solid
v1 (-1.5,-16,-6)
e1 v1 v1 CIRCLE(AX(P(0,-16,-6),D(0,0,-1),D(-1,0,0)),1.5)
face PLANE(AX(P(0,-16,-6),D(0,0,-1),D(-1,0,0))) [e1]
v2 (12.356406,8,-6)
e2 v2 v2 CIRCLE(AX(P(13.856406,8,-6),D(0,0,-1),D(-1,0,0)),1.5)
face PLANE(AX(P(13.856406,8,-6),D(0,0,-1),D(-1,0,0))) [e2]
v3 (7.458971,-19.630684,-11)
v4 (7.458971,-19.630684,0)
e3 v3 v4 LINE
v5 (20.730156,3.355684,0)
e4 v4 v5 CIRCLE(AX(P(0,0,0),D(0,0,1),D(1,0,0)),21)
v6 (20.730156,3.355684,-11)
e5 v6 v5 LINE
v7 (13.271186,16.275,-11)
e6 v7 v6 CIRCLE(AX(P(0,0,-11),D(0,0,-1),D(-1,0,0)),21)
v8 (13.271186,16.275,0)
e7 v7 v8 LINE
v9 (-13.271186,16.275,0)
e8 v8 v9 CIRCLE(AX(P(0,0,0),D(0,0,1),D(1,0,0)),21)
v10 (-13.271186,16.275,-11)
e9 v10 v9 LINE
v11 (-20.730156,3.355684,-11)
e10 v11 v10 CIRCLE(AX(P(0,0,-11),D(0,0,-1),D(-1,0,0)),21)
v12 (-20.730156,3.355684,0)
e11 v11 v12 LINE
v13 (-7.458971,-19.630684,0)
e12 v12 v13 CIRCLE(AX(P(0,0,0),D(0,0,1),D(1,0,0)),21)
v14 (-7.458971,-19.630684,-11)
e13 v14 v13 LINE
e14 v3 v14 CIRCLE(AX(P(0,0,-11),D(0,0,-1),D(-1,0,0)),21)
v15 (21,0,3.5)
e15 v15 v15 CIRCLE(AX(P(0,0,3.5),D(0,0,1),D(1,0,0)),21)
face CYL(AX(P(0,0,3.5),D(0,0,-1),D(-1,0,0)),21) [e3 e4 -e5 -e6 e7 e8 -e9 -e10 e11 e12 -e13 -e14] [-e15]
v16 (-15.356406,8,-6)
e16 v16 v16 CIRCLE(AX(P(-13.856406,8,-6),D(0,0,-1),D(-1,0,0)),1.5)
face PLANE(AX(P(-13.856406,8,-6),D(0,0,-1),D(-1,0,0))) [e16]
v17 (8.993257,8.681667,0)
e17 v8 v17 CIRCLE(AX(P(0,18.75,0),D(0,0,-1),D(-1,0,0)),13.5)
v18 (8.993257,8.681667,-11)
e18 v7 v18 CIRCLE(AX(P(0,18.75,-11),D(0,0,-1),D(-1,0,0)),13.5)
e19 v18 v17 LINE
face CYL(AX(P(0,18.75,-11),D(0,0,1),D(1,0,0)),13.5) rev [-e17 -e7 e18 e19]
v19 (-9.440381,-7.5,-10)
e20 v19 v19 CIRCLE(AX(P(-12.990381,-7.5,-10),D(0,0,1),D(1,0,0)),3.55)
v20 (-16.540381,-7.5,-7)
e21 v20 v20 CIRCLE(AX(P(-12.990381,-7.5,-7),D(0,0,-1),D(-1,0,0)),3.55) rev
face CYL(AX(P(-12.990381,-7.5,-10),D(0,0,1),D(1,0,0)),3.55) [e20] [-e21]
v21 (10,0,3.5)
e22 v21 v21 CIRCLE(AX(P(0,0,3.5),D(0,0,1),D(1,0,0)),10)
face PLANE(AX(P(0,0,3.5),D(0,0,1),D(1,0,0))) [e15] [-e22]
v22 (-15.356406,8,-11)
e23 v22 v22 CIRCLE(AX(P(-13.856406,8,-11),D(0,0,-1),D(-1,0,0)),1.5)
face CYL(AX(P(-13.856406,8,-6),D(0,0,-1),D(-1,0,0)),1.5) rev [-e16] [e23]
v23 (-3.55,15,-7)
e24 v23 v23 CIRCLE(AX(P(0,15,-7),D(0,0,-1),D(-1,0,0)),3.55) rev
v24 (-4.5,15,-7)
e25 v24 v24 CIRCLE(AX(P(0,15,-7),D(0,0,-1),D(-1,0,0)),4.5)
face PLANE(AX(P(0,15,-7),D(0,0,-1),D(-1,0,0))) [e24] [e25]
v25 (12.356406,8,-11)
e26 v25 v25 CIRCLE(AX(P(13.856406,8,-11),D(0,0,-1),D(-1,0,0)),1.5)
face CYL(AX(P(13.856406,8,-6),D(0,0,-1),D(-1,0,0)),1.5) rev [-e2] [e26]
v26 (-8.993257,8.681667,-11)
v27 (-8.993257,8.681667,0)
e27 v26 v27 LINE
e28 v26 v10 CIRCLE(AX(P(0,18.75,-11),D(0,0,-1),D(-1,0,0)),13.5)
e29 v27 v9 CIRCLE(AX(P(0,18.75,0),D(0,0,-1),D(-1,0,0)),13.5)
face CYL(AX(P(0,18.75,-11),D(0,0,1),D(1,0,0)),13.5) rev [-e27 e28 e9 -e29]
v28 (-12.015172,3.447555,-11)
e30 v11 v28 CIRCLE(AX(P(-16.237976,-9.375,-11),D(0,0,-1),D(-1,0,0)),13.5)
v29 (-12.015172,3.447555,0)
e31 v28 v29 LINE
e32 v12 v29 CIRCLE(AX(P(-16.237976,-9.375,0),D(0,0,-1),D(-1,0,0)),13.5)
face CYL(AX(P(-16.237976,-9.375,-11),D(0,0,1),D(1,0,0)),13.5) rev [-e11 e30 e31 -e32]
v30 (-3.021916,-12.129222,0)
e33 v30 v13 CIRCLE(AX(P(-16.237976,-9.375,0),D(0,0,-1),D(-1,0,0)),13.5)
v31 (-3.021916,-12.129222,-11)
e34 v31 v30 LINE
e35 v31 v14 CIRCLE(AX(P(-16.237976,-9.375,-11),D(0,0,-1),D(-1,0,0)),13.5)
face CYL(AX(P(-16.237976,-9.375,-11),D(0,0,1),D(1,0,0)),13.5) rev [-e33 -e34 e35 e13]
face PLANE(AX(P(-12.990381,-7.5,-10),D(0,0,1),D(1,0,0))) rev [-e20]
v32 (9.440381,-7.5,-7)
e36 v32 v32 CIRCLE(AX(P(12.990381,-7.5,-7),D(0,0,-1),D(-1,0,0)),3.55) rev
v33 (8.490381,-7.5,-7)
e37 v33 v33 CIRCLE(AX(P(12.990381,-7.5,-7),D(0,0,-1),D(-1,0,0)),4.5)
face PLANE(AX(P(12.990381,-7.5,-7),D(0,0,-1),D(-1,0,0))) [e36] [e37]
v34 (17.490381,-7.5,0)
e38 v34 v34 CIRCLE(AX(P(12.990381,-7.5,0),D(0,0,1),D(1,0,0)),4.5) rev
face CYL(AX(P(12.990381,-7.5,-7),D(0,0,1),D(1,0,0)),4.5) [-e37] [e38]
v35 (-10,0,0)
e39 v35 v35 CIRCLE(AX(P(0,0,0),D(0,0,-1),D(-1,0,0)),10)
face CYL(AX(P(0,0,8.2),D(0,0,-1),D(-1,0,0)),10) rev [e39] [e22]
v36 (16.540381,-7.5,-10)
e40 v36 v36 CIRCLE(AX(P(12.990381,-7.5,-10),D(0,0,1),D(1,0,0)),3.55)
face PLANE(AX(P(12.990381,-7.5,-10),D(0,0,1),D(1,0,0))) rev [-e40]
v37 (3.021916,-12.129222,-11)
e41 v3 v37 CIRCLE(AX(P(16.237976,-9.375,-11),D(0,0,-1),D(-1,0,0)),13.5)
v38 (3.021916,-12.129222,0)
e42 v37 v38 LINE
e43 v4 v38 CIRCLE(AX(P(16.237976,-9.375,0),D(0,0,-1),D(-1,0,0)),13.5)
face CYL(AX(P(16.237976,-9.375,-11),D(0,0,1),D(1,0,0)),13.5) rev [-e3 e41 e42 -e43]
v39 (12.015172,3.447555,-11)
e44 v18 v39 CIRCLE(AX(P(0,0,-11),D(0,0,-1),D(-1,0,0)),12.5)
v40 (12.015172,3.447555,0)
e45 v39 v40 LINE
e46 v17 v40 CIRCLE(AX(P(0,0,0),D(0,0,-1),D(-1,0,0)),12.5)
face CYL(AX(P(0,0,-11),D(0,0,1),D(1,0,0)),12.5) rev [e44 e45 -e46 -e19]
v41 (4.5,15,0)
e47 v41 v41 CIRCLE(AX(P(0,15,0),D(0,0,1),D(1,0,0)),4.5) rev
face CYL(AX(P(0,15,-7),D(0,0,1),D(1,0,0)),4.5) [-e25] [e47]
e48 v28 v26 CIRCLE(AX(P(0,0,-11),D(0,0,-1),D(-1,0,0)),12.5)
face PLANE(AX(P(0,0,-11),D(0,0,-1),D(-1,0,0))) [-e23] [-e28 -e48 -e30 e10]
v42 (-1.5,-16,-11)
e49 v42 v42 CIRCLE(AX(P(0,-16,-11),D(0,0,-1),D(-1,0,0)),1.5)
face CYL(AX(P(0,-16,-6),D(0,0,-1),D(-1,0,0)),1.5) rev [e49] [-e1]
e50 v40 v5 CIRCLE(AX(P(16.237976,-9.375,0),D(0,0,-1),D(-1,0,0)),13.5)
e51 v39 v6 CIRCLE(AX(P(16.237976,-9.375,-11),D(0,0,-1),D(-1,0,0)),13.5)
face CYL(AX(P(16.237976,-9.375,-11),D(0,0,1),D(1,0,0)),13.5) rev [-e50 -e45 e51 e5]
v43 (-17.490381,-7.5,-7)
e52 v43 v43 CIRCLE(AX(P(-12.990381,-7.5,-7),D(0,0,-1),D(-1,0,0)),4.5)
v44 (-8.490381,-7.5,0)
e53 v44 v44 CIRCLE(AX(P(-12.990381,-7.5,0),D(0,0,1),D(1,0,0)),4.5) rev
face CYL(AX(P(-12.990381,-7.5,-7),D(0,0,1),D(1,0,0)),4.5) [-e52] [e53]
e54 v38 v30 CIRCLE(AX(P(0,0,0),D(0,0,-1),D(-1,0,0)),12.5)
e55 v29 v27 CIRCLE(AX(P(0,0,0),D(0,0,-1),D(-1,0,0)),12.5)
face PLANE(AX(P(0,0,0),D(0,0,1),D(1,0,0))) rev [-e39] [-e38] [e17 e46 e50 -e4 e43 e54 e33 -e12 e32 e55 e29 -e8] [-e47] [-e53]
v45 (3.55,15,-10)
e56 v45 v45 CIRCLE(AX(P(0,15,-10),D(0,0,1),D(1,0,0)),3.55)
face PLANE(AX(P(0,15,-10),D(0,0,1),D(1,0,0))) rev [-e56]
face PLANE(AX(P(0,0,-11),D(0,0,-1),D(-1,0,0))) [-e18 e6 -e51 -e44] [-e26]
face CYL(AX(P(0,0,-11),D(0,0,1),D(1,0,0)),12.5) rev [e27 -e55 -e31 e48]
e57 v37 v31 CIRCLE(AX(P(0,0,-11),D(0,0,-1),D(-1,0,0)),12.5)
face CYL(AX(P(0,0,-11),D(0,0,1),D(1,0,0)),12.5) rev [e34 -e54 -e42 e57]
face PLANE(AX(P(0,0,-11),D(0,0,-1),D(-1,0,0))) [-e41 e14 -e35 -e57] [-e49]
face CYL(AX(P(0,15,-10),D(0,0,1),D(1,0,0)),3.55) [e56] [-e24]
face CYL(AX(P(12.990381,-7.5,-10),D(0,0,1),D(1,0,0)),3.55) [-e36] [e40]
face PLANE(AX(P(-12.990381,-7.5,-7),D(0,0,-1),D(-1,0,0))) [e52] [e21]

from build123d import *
from build123d.topology import SkipClean

# Parameters (mm, degrees)
SKETCH1_R           = 21
BOSS_EXTRUDE1_DEPTH = 3.5
SKETCH4_R           = 10
CUT_EXTRUDE1_DEPTH  = 8.2
SKETCH11_R          = 1.5
CUT_EXTRUDE2_DEPTH  = 10
BOSS_EXTRUDE2_START = 11
BOSS_EXTRUDE2_DEPTH = 11
SKETCH14_R          = 1.5
CUT_EXTRUDE3_DEPTH  = 5
SKETCH16_R          = 3.55
BOSS_EXTRUDE3_DEPTH = 13.5
SKETCH17_R          = 4.5
BOSS_EXTRUDE4_DEPTH = 7


with BuildPart() as part:
    # Sketch1 → Boss-Extrude1 (new body)
    with BuildSketch(Plane.XY):
        Circle(SKETCH1_R)
    extrude(amount=BOSS_EXTRUDE1_DEPTH)

    # Sketch4 → Cut-Extrude1 (cut)
    with BuildSketch(Plane(origin=(0, 0, 0), x_dir=(-1, 0, 0), z_dir=(0, 0, -1))):
        Circle(SKETCH4_R)
    extrude(amount=-CUT_EXTRUDE1_DEPTH, mode=Mode.SUBTRACT)

    # Sketch11 → Cut-Extrude2 (cut)
    with BuildSketch(Plane(origin=(0, 0, 0), x_dir=(-1, 0, 0), z_dir=(0, 0, -1))):
        with Locations((0, 15)):
            Circle(SKETCH11_R)
        with Locations((12.990381057, -7.5)):
            Circle(SKETCH11_R)
        with Locations((-12.990381057, -7.5)):
            Circle(SKETCH11_R)
    extrude(amount=-CUT_EXTRUDE2_DEPTH, mode=Mode.SUBTRACT)

    # Sketch3 → Boss-Extrude2 (add)
    with SkipClean():  # the faces are left unmerged after this step: merging them gives an invalid solid
        with BuildSketch(Plane(origin=(0, 0, 0), x_dir=(-1, 0, 0), z_dir=(0, 0, -1)).offset(BOSS_EXTRUDE2_START)):
            with BuildLine():
                ThreePointArc((-3.021915591, -12.129221993), (-4.618435811, -16.247865366), (-7.4589705, -19.630684121))
                ThreePointArc((-7.4589705, -19.630684121), (0, -21), (7.4589705, -19.630684121))
                ThreePointArc((7.4589705, -19.630684121), (4.618435811, -16.247865366), (3.021915591, -12.129221993))
                ThreePointArc((3.021915591, -12.129221993), (0, -12.5), (-3.021915591, -12.129221993))
            make_face()
            with BuildLine():
                ThreePointArc((-20.730156393, 3.355684121), (-16.38028207, 4.124249945), (-12.01517217, 3.447555327))
                ThreePointArc((-12.01517217, 3.447555327), (-10.825317547, 6.25), (-8.993256579, 8.681666667))
                ThreePointArc((-8.993256579, 8.681666667), (-11.761846259, 12.123615422), (-13.271185893, 16.275))
                ThreePointArc((-13.271185893, 16.275), (-18.186533479, 10.5), (-20.730156393, 3.355684121))
            make_face()
            with BuildLine():
                ThreePointArc((8.993256579, 8.681666667), (10.825317547, 6.25), (12.01517217, 3.447555327))
                ThreePointArc((12.01517217, 3.447555327), (16.38028207, 4.124249945), (20.730156393, 3.355684121))
                ThreePointArc((20.730156393, 3.355684121), (18.186533479, 10.5), (13.271185893, 16.275))
                ThreePointArc((13.271185893, 16.275), (11.761846259, 12.123615422), (8.993256579, 8.681666667))
            make_face()
        extrude(amount=-BOSS_EXTRUDE2_DEPTH)

    # Sketch14 → Cut-Extrude3 (cut)
    with SkipClean():  # the faces are left unmerged after this step: merging them gives an invalid solid
        with BuildSketch(Plane(origin=(0, 0, -11), x_dir=(-1, 0, 0), z_dir=(0, 0, -1))):
            with Locations((13.856406461, 8)):
                Circle(SKETCH14_R)
            with Locations((0, -16)):
                Circle(SKETCH14_R)
            with Locations((-13.856406461, 8)):
                Circle(SKETCH14_R)
        extrude(amount=-CUT_EXTRUDE3_DEPTH, mode=Mode.SUBTRACT)

    # Sketch16 → Boss-Extrude3 (add)
    with SkipClean():  # the faces are left unmerged after this step: merging them gives an invalid solid
        with BuildSketch(Plane.XY.offset(3.5)):
            with Locations((0, 15)):
                Circle(SKETCH16_R)
            with Locations((12.990381057, -7.5)):
                Circle(SKETCH16_R)
            with Locations((-12.990381057, -7.5)):
                Circle(SKETCH16_R)
        extrude(amount=-BOSS_EXTRUDE3_DEPTH)

    # Sketch17 → Boss-Extrude4 (add)
    with SkipClean():  # the faces are left unmerged after this step: merging them gives an invalid solid
        with BuildSketch(Plane(origin=(0, 0, 0), x_dir=(-1, 0, 0), z_dir=(0, 0, -1))):
            with Locations(Location((0, 15, 0), (0, 0, 180))):
                Circle(SKETCH17_R)
            with Locations(Location((12.990381057, -7.5, 0), (0, 0, 180))):
                Circle(SKETCH17_R)
            with Locations(Location((-12.990381057, -7.5, 0), (0, 0, 180))):
                Circle(SKETCH17_R)
        extrude(amount=BOSS_EXTRUDE4_DEPTH)


solid = part.part
